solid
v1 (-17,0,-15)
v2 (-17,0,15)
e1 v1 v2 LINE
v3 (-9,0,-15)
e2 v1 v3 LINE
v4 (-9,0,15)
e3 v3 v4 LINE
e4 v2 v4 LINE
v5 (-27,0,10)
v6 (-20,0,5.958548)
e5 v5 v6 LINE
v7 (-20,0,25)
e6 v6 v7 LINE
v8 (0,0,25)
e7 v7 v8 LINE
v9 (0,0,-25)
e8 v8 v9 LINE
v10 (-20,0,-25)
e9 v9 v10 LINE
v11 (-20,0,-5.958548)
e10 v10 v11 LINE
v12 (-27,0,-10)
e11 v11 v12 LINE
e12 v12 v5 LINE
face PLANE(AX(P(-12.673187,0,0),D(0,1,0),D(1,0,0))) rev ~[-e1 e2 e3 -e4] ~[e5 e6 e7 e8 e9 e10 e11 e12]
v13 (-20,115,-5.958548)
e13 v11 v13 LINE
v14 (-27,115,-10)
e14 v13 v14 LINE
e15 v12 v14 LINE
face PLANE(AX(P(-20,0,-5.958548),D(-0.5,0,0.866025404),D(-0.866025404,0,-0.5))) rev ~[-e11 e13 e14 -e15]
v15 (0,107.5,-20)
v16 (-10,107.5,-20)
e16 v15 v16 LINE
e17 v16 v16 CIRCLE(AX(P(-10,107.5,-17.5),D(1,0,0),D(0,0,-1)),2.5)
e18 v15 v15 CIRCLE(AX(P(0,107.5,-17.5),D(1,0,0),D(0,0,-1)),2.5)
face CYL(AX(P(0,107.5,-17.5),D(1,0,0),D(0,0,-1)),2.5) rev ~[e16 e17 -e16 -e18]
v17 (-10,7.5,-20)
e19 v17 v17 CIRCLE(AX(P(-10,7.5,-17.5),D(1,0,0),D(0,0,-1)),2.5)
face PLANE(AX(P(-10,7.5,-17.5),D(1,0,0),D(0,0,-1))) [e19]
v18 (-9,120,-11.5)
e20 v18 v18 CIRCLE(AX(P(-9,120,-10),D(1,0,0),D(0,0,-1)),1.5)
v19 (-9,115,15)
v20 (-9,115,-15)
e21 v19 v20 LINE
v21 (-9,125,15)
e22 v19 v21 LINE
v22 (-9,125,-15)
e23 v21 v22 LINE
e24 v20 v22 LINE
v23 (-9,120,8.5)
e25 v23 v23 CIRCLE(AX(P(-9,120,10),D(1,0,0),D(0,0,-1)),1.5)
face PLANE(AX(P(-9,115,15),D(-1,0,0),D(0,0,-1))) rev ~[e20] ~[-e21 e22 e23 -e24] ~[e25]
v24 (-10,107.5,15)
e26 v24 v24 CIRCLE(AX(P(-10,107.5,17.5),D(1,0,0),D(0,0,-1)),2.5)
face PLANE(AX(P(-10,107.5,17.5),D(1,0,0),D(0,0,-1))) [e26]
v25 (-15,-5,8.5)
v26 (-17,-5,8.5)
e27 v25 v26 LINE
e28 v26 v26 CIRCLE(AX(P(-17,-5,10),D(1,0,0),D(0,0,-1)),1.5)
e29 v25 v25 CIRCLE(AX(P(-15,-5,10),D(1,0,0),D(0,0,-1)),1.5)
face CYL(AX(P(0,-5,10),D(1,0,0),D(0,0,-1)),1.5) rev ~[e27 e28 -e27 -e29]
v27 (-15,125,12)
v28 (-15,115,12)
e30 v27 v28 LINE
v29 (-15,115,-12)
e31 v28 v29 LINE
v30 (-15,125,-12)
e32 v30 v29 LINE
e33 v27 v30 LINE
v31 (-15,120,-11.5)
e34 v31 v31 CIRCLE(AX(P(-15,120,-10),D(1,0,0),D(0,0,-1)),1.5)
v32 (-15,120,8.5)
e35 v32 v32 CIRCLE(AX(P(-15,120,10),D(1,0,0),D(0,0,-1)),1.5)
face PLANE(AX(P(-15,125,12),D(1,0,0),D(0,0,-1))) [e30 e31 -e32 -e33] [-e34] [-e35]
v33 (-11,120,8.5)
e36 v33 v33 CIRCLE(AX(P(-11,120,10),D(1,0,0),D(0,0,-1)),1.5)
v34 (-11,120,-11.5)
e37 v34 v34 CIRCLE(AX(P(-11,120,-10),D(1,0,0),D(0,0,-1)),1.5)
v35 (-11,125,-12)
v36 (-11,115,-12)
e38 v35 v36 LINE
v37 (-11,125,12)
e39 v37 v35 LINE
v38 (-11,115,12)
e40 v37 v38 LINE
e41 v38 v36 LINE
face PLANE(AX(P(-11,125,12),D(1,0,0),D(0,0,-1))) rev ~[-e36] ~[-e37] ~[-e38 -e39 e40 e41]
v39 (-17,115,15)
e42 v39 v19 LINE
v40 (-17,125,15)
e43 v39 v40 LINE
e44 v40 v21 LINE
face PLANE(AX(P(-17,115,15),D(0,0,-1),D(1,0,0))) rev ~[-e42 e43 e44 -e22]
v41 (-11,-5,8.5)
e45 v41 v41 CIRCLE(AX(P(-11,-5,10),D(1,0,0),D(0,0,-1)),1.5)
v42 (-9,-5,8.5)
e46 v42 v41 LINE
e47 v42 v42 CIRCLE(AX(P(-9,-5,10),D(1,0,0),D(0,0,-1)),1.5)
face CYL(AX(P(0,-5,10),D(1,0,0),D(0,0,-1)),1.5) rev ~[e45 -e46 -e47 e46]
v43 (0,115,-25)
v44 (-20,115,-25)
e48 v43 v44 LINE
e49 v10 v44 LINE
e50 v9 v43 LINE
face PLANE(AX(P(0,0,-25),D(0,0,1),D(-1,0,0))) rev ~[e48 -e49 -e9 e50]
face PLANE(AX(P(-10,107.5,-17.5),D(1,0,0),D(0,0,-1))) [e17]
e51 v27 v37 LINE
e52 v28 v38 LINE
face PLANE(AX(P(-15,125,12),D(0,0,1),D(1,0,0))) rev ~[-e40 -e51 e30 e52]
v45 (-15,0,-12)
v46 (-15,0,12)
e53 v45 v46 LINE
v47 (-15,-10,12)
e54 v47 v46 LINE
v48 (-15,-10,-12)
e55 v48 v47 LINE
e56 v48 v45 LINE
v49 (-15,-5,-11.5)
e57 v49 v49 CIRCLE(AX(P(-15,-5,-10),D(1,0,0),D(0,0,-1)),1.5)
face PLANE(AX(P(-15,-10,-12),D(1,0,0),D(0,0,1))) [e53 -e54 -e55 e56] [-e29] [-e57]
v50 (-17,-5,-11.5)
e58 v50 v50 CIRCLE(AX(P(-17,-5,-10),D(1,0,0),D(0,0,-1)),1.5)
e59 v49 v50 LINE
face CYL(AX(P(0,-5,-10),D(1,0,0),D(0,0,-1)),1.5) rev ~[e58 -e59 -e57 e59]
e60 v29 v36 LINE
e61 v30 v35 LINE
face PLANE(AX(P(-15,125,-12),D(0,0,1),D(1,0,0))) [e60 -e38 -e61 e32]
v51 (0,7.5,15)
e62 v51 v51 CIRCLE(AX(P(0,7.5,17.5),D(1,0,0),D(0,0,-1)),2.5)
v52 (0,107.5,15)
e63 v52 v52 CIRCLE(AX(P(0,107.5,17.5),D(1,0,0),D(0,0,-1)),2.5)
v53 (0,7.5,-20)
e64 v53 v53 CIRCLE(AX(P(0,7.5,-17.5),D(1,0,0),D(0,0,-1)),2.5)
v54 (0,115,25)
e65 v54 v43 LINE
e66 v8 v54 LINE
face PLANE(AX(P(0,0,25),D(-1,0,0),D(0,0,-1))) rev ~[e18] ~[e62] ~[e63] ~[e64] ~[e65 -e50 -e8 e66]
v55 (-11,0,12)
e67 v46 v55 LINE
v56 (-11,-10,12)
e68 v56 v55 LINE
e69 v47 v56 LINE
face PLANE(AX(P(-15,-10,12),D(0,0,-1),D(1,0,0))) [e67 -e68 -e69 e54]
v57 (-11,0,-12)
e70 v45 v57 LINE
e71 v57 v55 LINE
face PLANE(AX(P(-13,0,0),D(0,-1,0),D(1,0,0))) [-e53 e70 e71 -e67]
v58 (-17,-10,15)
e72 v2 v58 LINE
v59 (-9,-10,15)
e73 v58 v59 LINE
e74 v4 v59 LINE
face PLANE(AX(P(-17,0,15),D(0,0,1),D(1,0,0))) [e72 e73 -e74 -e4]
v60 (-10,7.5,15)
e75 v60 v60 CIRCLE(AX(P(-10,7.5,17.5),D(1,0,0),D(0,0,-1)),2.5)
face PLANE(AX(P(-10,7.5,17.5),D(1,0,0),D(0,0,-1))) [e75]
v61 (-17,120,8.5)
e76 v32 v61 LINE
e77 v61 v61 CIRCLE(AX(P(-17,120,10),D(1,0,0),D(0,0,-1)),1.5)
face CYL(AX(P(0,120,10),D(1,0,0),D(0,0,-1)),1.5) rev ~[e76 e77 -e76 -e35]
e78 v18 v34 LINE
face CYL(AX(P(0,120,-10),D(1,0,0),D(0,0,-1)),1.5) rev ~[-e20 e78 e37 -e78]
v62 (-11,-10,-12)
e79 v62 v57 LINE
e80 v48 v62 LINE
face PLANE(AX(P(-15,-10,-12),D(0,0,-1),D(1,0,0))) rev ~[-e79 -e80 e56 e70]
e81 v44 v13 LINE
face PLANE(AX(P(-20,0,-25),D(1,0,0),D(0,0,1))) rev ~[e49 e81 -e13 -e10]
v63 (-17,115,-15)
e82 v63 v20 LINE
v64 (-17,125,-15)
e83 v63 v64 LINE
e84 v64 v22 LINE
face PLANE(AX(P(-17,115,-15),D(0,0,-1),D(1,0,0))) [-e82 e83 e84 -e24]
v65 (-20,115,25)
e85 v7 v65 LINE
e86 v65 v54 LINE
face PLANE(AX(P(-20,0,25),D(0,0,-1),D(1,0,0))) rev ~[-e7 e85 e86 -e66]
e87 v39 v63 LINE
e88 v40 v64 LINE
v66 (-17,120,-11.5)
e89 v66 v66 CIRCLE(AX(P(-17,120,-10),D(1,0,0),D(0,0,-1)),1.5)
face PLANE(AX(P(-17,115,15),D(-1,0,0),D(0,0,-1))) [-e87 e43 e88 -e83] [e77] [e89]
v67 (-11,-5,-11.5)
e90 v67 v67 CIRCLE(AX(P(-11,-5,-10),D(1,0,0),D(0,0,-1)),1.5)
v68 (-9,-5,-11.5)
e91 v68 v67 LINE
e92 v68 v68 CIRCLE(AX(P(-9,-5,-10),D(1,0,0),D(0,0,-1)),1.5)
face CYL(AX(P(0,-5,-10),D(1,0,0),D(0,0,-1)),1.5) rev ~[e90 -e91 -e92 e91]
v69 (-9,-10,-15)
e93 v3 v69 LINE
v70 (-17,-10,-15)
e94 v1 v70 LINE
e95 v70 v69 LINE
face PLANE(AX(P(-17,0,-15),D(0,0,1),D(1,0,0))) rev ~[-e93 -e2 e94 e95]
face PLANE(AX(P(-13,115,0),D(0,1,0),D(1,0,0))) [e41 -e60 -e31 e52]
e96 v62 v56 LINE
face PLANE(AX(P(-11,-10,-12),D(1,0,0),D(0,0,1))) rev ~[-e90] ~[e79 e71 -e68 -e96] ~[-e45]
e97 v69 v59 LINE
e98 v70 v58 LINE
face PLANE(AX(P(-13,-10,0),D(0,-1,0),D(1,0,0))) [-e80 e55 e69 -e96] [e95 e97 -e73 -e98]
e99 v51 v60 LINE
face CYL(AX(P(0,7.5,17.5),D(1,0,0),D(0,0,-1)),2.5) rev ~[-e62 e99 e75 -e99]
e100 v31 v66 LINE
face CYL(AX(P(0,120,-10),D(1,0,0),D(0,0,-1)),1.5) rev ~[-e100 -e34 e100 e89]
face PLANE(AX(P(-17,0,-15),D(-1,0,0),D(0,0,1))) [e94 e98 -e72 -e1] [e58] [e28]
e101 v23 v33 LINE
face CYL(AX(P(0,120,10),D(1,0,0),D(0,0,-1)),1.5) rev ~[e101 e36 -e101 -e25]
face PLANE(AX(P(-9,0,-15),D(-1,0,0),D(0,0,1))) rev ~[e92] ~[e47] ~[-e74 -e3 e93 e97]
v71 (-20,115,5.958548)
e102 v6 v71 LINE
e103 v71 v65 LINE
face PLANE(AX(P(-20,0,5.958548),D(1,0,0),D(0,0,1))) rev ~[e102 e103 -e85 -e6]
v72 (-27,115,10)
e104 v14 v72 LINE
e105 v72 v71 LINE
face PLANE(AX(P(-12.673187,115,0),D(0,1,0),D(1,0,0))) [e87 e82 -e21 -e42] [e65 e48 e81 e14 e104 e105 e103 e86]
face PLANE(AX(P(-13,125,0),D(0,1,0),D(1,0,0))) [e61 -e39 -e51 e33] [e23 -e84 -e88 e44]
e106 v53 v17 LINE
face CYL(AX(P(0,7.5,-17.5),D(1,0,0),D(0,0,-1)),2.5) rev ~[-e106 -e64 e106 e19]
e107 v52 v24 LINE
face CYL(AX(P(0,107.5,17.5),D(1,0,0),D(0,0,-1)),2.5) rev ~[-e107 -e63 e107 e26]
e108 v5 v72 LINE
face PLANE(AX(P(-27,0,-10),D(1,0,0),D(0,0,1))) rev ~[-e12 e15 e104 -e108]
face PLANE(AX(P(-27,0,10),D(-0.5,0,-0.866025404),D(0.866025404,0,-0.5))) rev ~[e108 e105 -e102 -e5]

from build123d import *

# Parameters (mm, degrees)
BOSS_EXTRUDE1_DEPTH = 115
SKETCH2_R           = 2.5
CUT_EXTRUDE1_DEPTH  = 10
SKETCH3_W           = 8
SKETCH3_H           = 30
BOSS_EXTRUDE2_DEPTH = 10
SKETCH4_W           = 8
SKETCH4_H           = 30
BOSS_EXTRUDE3_DEPTH = 10
SKETCH5_W           = 4
SKETCH5_H           = 24
CUT_EXTRUDE2_DEPTH  = 10
SKETCH6_W           = 4
SKETCH6_H           = 24
CUT_EXTRUDE3_DEPTH  = 10
SKETCH7_R           = 1.5
CUT_EXTRUDE4_DEPTH  = 32


with BuildPart() as part:
    # Sketch1 → Boss-Extrude1 (new body)
    with BuildSketch(Plane(origin=(0, 0, 0), x_dir=(1, 0, 0), z_dir=(0, 1, 0))):
        Polygon((-27, 10), (-27, -10), (-20, -5.958548116), (-20, -25), (0, -25), (0, 25), (-20, 25), (-20, 5.958548116), align=None)
    extrude(amount=BOSS_EXTRUDE1_DEPTH)

    # Sketch2 → Cut-Extrude1 (cut)
    with BuildSketch(Plane(origin=(0, 0, 0), x_dir=(0, 0, -1), z_dir=(1, 0, 0))):
        with Locations((-17.5, 107.5)):
            Circle(SKETCH2_R)
        with Locations((-17.5, 7.5)):
            Circle(SKETCH2_R)
        with Locations((17.5, 7.5)):
            Circle(SKETCH2_R)
        with Locations((17.5, 107.5)):
            Circle(SKETCH2_R)
    extrude(amount=-CUT_EXTRUDE1_DEPTH, mode=Mode.SUBTRACT)

    # Sketch3 → Boss-Extrude2 (add)
    with BuildSketch(Plane(origin=(0, 115, 0), x_dir=(1, 0, 0), z_dir=(0, 1, 0))):
        with Locations((-13, 0)):
            Rectangle(SKETCH3_W, SKETCH3_H)
    extrude(amount=BOSS_EXTRUDE2_DEPTH)

    # Sketch4 → Boss-Extrude3 (add)
    with BuildSketch(Plane.XZ):
        with Locations((-13, 0)):
            Rectangle(SKETCH4_W, SKETCH4_H)
    extrude(amount=BOSS_EXTRUDE3_DEPTH)

    # Sketch5 → Cut-Extrude2 (cut)
    with BuildSketch(Plane.XZ.offset(10)):
        with Locations((-13, 0)):
            Rectangle(SKETCH5_W, SKETCH5_H)
    extrude(amount=-CUT_EXTRUDE2_DEPTH, mode=Mode.SUBTRACT)

    # Sketch6 → Cut-Extrude3 (cut)
    with BuildSketch(Plane(origin=(0, 125, 0), x_dir=(1, 0, 0), z_dir=(0, 1, 0))):
        with Locations((-13, 0)):
            Rectangle(SKETCH6_W, SKETCH6_H)
    extrude(amount=-CUT_EXTRUDE3_DEPTH, mode=Mode.SUBTRACT)

    # Sketch7 → Cut-Extrude4 (cut)
    with BuildSketch(Plane(origin=(0, 0, 0), x_dir=(0, 0, -1), z_dir=(1, 0, 0))):
        with Locations((-10, 120)):
            Circle(SKETCH7_R)
        with Locations((-10, -5)):
            Circle(SKETCH7_R)
        with Locations((10, -5)):
            Circle(SKETCH7_R)
        with Locations((10, 120)):
            Circle(SKETCH7_R)
    extrude(amount=-CUT_EXTRUDE4_DEPTH, mode=Mode.SUBTRACT)


solid = part.part
